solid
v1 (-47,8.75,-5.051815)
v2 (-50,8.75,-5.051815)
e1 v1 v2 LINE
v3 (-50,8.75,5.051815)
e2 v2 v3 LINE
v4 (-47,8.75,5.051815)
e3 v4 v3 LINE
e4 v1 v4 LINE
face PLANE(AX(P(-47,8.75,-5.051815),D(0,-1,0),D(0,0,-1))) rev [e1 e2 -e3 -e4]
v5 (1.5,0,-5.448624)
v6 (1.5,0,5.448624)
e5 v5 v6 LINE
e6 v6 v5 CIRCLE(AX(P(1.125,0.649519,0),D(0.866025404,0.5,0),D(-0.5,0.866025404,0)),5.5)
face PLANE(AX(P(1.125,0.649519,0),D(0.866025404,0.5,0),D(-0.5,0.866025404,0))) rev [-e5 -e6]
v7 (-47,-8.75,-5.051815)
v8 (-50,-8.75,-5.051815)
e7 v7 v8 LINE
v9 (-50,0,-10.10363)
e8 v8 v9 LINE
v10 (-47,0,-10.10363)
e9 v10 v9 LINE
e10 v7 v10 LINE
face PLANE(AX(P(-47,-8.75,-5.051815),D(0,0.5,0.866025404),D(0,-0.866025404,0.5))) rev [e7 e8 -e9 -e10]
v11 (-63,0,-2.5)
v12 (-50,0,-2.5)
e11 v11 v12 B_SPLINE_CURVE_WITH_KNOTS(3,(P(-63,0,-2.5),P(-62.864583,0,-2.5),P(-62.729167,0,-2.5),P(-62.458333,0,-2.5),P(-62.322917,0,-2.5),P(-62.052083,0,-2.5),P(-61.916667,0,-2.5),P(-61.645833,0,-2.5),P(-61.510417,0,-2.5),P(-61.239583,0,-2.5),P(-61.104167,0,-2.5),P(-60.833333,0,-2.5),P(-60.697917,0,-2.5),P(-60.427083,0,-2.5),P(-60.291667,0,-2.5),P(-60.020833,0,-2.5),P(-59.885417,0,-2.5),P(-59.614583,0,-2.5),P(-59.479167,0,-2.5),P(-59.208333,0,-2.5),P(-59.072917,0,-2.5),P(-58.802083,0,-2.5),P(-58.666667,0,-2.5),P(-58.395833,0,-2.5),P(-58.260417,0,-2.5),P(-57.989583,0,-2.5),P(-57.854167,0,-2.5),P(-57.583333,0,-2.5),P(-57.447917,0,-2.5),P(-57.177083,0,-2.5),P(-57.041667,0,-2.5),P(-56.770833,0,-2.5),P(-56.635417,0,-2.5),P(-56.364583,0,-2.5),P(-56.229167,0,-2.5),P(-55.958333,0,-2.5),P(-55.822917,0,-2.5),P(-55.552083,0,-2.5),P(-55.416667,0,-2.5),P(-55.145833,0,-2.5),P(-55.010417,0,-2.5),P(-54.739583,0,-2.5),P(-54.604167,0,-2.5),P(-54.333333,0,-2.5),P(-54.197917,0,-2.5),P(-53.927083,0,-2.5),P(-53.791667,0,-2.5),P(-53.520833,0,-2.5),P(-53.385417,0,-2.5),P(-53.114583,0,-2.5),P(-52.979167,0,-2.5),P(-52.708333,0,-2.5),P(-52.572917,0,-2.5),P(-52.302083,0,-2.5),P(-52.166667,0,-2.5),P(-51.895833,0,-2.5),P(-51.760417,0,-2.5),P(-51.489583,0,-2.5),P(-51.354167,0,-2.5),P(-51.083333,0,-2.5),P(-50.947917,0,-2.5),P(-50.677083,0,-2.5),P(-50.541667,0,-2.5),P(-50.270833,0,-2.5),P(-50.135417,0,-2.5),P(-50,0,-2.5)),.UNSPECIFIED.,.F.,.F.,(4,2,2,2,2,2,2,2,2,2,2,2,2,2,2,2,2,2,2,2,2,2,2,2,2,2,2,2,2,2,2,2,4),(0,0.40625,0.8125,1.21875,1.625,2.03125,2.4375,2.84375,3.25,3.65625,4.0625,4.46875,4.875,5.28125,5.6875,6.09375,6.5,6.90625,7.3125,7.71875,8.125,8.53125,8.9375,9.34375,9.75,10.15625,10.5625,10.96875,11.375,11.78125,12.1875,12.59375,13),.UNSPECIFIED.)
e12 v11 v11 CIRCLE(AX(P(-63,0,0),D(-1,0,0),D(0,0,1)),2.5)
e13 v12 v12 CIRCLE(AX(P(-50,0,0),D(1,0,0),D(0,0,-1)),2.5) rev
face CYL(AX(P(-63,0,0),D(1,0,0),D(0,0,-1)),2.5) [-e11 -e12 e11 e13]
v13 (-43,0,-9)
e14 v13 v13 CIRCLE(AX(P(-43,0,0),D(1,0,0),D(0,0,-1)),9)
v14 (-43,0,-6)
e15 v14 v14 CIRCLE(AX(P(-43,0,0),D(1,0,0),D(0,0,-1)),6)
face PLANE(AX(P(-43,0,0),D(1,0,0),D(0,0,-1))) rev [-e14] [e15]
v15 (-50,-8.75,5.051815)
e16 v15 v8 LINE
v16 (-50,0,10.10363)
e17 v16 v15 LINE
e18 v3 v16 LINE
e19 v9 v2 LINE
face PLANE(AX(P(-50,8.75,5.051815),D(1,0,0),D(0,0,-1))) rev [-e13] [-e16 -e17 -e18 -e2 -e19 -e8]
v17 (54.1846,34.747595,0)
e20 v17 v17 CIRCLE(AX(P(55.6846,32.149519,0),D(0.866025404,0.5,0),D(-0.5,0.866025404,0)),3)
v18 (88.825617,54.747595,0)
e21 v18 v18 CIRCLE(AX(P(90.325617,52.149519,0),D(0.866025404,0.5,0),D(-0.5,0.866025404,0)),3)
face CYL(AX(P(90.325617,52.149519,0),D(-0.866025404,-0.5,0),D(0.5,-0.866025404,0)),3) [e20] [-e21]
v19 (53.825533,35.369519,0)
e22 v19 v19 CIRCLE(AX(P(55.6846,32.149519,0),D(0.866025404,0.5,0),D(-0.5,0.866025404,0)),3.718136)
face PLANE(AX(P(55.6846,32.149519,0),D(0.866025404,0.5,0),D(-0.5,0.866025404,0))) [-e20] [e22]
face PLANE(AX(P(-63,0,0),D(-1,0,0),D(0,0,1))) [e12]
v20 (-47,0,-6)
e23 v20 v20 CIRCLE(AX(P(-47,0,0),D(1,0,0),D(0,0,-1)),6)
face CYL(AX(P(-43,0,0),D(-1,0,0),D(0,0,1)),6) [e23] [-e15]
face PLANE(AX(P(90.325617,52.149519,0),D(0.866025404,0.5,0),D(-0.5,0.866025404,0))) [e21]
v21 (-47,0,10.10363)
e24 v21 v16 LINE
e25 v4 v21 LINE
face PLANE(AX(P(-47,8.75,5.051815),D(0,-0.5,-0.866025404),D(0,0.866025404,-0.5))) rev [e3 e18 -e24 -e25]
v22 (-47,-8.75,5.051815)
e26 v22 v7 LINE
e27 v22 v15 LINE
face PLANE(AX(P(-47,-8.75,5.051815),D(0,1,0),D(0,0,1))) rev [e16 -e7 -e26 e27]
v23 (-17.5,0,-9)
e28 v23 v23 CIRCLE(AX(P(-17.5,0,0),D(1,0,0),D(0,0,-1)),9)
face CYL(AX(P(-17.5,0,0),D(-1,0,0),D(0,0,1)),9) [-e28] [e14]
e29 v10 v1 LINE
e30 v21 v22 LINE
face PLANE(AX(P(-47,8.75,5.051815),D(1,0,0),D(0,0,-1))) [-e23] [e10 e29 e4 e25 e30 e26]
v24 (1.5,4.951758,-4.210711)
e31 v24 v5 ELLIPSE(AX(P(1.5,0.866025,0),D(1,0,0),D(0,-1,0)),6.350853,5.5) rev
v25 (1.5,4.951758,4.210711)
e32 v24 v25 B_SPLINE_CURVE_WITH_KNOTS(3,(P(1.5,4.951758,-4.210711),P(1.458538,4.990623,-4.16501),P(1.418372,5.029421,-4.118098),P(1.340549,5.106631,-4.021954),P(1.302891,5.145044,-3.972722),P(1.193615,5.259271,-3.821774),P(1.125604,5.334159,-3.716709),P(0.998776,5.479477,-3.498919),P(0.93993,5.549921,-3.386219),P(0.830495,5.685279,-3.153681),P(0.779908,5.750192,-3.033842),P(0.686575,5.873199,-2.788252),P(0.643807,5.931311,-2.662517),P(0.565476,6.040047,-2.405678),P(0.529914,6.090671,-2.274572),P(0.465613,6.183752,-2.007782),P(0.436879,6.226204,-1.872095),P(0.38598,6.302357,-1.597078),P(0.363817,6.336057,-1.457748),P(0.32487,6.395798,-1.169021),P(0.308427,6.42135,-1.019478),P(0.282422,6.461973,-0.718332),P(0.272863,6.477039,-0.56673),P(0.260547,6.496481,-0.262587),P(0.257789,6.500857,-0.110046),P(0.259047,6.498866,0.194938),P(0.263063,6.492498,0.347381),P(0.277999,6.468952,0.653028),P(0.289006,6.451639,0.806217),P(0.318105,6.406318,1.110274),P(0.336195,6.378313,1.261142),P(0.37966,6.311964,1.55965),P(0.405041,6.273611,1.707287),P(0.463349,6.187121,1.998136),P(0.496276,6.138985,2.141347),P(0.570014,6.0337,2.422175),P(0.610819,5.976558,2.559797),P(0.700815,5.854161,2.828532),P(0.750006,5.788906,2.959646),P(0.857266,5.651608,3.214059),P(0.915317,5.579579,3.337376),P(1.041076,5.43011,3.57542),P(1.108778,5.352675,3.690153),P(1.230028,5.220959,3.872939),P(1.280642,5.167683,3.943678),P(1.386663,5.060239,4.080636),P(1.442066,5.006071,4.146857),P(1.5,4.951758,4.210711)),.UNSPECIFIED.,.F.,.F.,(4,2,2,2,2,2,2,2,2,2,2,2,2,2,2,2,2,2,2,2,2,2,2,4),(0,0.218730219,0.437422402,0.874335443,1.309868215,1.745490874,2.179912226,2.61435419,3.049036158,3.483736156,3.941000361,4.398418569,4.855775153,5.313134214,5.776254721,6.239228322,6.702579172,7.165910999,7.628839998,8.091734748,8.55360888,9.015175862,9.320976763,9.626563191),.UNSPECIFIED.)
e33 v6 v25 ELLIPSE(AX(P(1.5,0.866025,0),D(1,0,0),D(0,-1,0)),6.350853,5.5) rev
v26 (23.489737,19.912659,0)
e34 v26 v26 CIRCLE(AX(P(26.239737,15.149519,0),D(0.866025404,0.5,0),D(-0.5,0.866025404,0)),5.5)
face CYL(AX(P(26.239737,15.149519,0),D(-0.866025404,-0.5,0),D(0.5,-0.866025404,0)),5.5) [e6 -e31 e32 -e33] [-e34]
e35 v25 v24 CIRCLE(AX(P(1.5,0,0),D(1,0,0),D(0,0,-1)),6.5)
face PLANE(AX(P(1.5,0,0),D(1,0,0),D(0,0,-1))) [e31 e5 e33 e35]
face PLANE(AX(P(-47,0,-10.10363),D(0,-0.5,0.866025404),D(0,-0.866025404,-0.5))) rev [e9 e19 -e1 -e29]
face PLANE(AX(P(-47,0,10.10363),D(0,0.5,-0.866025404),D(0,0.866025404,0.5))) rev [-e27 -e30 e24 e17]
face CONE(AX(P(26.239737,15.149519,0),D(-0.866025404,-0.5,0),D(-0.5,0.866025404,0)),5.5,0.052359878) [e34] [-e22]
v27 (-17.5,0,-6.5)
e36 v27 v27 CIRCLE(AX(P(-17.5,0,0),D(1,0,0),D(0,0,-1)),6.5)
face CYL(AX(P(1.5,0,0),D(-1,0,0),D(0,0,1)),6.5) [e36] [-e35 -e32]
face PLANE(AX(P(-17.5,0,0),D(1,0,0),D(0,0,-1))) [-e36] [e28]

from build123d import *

# Parameters (mm, degrees)
BOSS_EXTRUDE1_DEPTH = 3
SKETCH3_R           = 6
BOSS_EXTRUDE2_DEPTH = 4
SKETCH4_R           = 9
BOSS_EXTRUDE3_DEPTH = 25.5
SKETCH5_R           = 6.5
BOSS_EXTRUDE4_DEPTH = 19
SKETCH6_R           = 2.5
BOSS_EXTRUDE5_DEPTH = 13
SKETCH8_R           = 5.5
BOSS_EXTRUDE6_DEPTH = 29
SKETCH9_R           = 5.5
BOSS_EXTRUDE7_DEPTH = 34
BOSS_EXTRUDE7_TAPER = 3
SKETCH10_R          = 3
BOSS_EXTRUDE8_DEPTH = 40


with BuildPart() as part:
    # Sketch2 → Boss-Extrude1 (new body)
    with BuildSketch(Plane(origin=(-50, 0, 0), x_dir=(0, 0, -1), z_dir=(1, 0, 0))):
        Polygon((-5.051814855, 8.75), (-10.103629711, 0), (-5.051814855, -8.75), (5.051814855, -8.75), (10.103629711, 0), (5.051814855, 8.75), align=None)
    extrude(amount=BOSS_EXTRUDE1_DEPTH)

    # Sketch3 → Boss-Extrude2 (add)
    with BuildSketch(Plane(origin=(-47, 0, 0), x_dir=(0, 0, -1), z_dir=(1, 0, 0))):
        Circle(SKETCH3_R)
    extrude(amount=BOSS_EXTRUDE2_DEPTH)

    # Sketch4 → Boss-Extrude3 (add)
    with BuildSketch(Plane(origin=(-43, 0, 0), x_dir=(0, 0, -1), z_dir=(1, 0, 0))):
        Circle(SKETCH4_R)
    extrude(amount=BOSS_EXTRUDE3_DEPTH)

    # Sketch5 → Boss-Extrude4 (add)
    with BuildSketch(Plane(origin=(-17.5, 0, 0), x_dir=(0, 0, -1), z_dir=(1, 0, 0))):
        Circle(SKETCH5_R)
    extrude(amount=BOSS_EXTRUDE4_DEPTH)

    # Sketch6 → Boss-Extrude5 (add)
    with BuildSketch(Plane.ZY.offset(50)):
        with Locations(Location((0, 0, 0), (0, 0, 180))):
            Circle(SKETCH6_R)
    extrude(amount=BOSS_EXTRUDE5_DEPTH)

    # Sketch8 → Boss-Extrude6 (add)
    with BuildSketch(Plane(origin=(1.125, 0.649519053, 0), x_dir=(0, 0, -1), z_dir=(0.8660254037844379, 0.5000000000000012, 0))):
        with Locations(Location((0, 0, 0), (0, 0, 187.837479763))):
            Circle(SKETCH8_R)
    extrude(amount=BOSS_EXTRUDE6_DEPTH)

    # Sketch9 → Boss-Extrude7 (add)
    with BuildSketch(Plane(origin=(26.23973671, 15.149519053, 0), x_dir=(0, 0, -1), z_dir=(0.8660254037844379, 0.5000000000000012, 0))):
        with Locations(Location((0, 0, 0), (0, 0, 187.837479763))):
            Circle(SKETCH9_R)
    extrude(amount=BOSS_EXTRUDE7_DEPTH, taper=BOSS_EXTRUDE7_TAPER)

    # Sketch10 → Boss-Extrude8 (add)
    with BuildSketch(Plane(origin=(55.684600438, 32.149519053, 0), x_dir=(0, 0, -1), z_dir=(0.8660254037844379, 0.5000000000000012, 0))):
        with Locations(Location((0, 0, 0), (0, 0, 90))):
            Circle(SKETCH10_R)
    extrude(amount=BOSS_EXTRUDE8_DEPTH)


solid = part.part
